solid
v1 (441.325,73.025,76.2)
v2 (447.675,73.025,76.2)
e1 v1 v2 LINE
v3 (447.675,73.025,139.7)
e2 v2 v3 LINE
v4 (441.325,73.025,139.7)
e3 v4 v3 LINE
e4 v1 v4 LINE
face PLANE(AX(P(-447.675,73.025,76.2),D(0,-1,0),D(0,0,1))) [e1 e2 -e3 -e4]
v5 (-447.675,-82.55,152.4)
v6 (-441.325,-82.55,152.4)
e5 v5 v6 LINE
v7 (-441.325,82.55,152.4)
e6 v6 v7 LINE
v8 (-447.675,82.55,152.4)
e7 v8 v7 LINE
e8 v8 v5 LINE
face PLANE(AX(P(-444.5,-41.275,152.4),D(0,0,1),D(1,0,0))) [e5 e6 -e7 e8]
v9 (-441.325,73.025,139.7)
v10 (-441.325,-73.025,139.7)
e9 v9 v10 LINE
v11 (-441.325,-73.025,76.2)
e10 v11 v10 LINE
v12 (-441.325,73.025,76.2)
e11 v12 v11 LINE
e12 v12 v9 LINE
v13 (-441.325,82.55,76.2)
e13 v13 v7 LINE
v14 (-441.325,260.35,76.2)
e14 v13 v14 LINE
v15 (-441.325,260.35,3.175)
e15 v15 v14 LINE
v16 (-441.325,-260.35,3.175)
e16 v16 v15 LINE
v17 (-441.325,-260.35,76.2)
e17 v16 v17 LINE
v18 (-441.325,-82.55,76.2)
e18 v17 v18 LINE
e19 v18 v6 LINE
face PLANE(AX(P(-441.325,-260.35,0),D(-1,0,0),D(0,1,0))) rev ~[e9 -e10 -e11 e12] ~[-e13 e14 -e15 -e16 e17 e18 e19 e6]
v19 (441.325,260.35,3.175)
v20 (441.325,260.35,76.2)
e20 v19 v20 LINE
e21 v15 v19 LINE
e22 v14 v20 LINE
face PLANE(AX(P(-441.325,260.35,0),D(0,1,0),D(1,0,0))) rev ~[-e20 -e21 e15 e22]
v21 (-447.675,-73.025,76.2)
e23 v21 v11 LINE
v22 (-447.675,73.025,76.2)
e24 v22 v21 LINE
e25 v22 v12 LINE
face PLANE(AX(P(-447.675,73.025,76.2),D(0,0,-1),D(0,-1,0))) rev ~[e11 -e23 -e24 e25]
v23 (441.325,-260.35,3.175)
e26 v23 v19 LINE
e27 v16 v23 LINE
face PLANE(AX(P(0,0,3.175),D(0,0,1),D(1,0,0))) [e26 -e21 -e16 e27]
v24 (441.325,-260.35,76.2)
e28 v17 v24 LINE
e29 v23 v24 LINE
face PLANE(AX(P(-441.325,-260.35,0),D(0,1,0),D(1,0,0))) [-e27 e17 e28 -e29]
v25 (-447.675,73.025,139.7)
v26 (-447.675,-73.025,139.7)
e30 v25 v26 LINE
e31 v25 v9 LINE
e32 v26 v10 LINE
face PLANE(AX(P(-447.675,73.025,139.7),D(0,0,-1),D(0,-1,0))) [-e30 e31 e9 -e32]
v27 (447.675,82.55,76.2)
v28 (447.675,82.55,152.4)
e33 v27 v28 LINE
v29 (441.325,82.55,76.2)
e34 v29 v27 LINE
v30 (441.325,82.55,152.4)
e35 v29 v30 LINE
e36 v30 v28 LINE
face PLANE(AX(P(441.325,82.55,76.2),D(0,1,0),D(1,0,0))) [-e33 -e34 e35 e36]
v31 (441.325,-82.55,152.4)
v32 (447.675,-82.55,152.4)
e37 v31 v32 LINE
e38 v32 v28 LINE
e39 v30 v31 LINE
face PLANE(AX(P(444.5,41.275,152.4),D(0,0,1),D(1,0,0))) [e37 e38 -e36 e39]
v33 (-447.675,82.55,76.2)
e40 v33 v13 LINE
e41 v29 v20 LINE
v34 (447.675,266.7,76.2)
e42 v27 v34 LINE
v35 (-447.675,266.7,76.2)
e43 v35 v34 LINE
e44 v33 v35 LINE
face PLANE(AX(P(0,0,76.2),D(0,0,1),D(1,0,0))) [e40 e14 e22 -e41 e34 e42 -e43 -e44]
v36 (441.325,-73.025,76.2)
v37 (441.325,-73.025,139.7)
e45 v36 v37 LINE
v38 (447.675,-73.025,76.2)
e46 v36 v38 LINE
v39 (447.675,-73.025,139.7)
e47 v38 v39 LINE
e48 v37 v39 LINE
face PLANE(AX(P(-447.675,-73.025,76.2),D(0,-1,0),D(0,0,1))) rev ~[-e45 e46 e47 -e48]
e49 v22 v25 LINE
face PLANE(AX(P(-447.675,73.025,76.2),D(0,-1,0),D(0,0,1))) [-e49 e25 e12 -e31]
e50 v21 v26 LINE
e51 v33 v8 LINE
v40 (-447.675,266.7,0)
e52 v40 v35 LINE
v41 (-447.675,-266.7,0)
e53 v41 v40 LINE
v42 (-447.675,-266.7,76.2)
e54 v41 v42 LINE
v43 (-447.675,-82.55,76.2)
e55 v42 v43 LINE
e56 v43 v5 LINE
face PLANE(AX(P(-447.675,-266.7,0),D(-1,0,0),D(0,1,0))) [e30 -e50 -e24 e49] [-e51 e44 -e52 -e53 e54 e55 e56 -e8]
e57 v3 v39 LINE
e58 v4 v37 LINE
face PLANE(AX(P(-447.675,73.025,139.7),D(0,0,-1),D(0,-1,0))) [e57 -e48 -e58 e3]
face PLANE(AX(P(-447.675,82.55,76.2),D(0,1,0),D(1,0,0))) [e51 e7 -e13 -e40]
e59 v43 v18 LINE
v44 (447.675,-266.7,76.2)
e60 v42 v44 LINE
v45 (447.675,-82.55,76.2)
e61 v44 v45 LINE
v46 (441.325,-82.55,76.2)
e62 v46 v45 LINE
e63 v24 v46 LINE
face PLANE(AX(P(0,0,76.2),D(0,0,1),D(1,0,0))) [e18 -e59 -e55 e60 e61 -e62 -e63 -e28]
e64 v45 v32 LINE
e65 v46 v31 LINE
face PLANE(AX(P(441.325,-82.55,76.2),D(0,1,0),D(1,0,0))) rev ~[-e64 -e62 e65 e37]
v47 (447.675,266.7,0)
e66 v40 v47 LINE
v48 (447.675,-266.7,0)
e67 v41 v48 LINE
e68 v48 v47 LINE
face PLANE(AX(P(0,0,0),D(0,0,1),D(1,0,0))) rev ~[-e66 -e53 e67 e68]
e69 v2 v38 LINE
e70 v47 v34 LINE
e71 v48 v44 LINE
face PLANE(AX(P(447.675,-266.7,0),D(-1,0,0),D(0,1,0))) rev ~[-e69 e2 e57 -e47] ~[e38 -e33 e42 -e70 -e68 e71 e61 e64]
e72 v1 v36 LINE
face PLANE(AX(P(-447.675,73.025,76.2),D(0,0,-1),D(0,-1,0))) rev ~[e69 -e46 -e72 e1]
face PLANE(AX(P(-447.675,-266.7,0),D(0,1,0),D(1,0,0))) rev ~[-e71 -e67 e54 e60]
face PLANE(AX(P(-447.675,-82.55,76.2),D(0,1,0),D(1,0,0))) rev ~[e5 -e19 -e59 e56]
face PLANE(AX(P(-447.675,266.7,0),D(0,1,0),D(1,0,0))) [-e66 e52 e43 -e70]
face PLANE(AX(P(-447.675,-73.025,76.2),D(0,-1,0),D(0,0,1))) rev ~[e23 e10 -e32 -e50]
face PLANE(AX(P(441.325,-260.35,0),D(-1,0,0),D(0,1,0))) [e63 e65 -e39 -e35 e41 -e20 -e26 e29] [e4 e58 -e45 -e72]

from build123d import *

# Parameters (mm, degrees)
F0_W     = 895.35
F0_H     = 533.4
F0_W_2   = 882.65
F0_H_2   = 520.7
F1_DEPTH = 76.2
F2_DEPTH = 3.175
F3_W     = 6.35
F3_H     = 82.55
F4_DEPTH = 76.2
F5_W     = 146.05
F5_H     = 63.5
F6_DEPTH = 895.351


with BuildPart() as f1:
    # F0 (on Top) → F1 (new body)
    with BuildSketch(Plane.XY):
        Rectangle(F0_W, F0_H)
        Rectangle(F0_W_2, F0_H_2, mode=Mode.SUBTRACT)
    extrude(amount=F1_DEPTH)

    # F0 (on Top) → F2 (join)
    with BuildSketch(Plane.XY):
        Rectangle(F0_W_2, F0_H_2)
    extrude(amount=F2_DEPTH)

    # F3 (on face) → F4 (join)
    with BuildSketch(Plane.XY.offset(76.2)):
        with Locations((-444.5, -41.275)):
            Rectangle(F3_W, F3_H)
        with Locations((-444.5, 41.275)):
            Rectangle(F3_W, F3_H)
        with Locations((444.5, 41.275)):
            Rectangle(F3_W, F3_H)
        with Locations((444.5, -41.275)):
            Rectangle(F3_W, F3_H)
    extrude(amount=F4_DEPTH)

    # F5 (on face) → F6 (cut, through all)
    with BuildSketch(Plane(origin=(-447.675, 0, 0), x_dir=(0, -1, 0), z_dir=(-1, 0, 0))):
        with Locations((0, 107.95)):
            Rectangle(F5_W, F5_H)
    extrude(amount=-F6_DEPTH, mode=Mode.SUBTRACT)


solid = f1.part
